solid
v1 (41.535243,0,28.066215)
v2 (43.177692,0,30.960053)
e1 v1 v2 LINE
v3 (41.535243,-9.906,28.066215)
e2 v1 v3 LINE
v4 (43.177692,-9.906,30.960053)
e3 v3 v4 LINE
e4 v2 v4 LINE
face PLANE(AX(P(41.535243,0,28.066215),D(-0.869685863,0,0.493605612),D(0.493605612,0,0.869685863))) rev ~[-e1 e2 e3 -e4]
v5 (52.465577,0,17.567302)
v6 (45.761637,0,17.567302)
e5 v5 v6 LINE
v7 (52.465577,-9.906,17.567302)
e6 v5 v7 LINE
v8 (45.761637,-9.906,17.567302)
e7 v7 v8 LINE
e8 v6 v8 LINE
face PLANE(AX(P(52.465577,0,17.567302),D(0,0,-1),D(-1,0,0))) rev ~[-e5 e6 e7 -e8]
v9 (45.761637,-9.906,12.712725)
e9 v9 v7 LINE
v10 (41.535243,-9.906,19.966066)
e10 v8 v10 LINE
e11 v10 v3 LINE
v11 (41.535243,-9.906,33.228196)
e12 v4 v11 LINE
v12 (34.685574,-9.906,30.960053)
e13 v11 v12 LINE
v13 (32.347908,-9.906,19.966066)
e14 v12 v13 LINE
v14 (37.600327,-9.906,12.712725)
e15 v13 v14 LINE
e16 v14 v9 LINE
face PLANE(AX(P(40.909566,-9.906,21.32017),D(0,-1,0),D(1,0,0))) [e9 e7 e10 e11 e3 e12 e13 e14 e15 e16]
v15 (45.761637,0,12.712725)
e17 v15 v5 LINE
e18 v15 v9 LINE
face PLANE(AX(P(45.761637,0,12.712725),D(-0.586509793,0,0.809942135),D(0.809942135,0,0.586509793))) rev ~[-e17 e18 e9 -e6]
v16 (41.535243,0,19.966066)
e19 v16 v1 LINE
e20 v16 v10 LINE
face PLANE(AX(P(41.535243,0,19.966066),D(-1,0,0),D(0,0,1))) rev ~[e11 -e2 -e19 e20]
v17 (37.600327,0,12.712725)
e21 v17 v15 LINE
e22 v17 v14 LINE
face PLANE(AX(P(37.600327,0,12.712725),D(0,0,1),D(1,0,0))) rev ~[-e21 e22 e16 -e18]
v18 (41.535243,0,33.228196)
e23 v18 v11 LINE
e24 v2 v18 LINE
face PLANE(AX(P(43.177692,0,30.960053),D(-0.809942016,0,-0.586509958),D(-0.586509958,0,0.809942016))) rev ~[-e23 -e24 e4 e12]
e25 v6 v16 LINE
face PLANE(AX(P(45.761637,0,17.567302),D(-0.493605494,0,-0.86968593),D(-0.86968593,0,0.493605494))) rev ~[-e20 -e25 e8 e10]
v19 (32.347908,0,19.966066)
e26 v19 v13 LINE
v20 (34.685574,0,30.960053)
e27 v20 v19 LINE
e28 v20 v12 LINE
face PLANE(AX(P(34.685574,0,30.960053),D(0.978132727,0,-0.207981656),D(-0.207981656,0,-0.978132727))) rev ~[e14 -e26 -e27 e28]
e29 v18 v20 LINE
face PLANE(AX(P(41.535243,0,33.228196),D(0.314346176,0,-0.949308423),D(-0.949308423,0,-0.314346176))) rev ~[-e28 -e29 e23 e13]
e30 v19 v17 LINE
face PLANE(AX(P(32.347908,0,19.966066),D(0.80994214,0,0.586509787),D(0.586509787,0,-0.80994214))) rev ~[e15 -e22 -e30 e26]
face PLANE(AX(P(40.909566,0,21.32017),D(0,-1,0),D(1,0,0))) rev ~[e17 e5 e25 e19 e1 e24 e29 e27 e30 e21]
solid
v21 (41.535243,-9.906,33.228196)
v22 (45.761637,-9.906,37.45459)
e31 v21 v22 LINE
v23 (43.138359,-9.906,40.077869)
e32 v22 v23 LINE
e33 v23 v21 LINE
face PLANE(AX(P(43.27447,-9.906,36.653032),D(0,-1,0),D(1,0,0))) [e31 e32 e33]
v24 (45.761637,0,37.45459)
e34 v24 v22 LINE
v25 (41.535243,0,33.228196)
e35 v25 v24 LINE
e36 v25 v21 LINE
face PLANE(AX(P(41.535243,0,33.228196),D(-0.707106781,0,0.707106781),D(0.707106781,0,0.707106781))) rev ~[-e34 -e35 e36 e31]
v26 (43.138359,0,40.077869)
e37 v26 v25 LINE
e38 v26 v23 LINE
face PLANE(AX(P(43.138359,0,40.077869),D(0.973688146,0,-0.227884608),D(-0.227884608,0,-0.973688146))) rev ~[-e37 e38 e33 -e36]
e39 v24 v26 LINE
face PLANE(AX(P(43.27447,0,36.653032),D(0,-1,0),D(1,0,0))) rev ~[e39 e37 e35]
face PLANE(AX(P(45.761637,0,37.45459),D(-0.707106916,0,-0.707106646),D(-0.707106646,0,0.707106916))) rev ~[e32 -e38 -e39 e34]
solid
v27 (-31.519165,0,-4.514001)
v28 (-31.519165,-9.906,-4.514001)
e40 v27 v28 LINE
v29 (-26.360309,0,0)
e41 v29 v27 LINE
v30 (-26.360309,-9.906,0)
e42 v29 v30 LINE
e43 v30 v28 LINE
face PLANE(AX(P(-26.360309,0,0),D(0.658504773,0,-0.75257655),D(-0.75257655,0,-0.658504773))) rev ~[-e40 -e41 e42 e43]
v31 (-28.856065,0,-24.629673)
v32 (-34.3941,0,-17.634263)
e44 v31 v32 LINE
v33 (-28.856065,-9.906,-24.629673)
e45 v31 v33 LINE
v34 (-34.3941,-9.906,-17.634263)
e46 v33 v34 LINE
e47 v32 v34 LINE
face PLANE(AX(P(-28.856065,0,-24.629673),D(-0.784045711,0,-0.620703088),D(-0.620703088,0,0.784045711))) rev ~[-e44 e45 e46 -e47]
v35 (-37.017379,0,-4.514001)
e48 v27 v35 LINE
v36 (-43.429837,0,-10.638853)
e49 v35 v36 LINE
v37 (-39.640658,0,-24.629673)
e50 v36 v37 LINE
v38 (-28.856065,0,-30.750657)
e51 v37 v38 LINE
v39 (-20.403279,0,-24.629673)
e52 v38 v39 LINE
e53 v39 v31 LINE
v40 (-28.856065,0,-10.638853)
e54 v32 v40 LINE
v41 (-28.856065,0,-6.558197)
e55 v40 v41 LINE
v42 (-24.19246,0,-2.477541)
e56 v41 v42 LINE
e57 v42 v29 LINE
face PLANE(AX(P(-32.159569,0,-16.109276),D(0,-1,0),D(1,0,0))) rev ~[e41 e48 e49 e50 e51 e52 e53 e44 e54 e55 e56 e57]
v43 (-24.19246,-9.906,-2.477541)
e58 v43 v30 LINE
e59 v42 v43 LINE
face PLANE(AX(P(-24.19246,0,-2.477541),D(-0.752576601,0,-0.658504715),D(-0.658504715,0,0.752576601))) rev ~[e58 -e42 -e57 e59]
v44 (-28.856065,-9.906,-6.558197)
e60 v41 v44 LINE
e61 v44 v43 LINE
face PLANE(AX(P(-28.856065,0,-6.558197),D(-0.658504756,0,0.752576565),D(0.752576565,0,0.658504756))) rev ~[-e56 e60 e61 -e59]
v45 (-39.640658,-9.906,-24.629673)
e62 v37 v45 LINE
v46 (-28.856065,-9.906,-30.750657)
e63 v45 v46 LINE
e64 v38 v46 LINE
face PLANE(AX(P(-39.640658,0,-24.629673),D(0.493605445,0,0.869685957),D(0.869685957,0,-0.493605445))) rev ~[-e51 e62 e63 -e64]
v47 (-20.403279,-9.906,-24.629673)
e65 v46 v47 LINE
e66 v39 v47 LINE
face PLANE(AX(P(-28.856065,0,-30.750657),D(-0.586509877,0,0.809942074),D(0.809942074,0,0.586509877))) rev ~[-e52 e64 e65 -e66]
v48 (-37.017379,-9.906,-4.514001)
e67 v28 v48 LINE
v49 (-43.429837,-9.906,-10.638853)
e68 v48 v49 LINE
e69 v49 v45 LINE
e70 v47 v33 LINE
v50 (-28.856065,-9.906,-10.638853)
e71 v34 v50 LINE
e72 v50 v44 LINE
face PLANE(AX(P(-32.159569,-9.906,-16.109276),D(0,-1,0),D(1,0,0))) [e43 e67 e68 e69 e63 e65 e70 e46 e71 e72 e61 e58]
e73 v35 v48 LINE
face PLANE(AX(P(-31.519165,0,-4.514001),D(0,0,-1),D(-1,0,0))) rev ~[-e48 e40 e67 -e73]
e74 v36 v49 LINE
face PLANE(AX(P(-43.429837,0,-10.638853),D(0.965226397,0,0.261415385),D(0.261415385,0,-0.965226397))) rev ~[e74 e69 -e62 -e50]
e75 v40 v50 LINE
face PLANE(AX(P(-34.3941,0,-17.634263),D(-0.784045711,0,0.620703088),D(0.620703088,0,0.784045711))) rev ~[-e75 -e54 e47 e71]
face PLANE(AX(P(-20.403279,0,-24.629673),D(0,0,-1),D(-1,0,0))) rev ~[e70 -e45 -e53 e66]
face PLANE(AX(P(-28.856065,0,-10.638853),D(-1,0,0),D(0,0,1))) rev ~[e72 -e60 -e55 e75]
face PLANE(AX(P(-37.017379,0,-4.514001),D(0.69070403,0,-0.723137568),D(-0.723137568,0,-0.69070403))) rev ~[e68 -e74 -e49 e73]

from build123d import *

# Parameters (mm, degrees)
F1_DEPTH = 9.906


with BuildPart() as f1:
    # F0 (on Front) → F1 (new body)
    with BuildSketch(Plane.XZ):
        Polygon((-28.856065, -30.750657), (-20.403279, -24.629673), (-28.856065, -24.629673), (-34.3941, -17.634263), (-28.856065, -10.638853), (-28.856065, -6.558197), (-24.19246, -2.477541), (-26.360309, 0), (-31.519165, -4.514001), (-37.017379, -4.514001), (-43.429837, -10.638853), (-39.640658, -24.629673), align=None)
        Polygon((43.177692, 30.960053), (41.535243, 33.228196), (34.685574, 30.960053), (32.347908, 19.966066), (37.600327, 12.712725), (45.761637, 12.712725), (52.465577, 17.567302), (45.761637, 17.567302), (41.535243, 19.966066), (41.535243, 28.066215), align=None)
        Polygon((45.761637, 37.45459), (43.138359, 40.077869), (41.535243, 33.228196), align=None)
    extrude(amount=F1_DEPTH)


solid = f1.part
